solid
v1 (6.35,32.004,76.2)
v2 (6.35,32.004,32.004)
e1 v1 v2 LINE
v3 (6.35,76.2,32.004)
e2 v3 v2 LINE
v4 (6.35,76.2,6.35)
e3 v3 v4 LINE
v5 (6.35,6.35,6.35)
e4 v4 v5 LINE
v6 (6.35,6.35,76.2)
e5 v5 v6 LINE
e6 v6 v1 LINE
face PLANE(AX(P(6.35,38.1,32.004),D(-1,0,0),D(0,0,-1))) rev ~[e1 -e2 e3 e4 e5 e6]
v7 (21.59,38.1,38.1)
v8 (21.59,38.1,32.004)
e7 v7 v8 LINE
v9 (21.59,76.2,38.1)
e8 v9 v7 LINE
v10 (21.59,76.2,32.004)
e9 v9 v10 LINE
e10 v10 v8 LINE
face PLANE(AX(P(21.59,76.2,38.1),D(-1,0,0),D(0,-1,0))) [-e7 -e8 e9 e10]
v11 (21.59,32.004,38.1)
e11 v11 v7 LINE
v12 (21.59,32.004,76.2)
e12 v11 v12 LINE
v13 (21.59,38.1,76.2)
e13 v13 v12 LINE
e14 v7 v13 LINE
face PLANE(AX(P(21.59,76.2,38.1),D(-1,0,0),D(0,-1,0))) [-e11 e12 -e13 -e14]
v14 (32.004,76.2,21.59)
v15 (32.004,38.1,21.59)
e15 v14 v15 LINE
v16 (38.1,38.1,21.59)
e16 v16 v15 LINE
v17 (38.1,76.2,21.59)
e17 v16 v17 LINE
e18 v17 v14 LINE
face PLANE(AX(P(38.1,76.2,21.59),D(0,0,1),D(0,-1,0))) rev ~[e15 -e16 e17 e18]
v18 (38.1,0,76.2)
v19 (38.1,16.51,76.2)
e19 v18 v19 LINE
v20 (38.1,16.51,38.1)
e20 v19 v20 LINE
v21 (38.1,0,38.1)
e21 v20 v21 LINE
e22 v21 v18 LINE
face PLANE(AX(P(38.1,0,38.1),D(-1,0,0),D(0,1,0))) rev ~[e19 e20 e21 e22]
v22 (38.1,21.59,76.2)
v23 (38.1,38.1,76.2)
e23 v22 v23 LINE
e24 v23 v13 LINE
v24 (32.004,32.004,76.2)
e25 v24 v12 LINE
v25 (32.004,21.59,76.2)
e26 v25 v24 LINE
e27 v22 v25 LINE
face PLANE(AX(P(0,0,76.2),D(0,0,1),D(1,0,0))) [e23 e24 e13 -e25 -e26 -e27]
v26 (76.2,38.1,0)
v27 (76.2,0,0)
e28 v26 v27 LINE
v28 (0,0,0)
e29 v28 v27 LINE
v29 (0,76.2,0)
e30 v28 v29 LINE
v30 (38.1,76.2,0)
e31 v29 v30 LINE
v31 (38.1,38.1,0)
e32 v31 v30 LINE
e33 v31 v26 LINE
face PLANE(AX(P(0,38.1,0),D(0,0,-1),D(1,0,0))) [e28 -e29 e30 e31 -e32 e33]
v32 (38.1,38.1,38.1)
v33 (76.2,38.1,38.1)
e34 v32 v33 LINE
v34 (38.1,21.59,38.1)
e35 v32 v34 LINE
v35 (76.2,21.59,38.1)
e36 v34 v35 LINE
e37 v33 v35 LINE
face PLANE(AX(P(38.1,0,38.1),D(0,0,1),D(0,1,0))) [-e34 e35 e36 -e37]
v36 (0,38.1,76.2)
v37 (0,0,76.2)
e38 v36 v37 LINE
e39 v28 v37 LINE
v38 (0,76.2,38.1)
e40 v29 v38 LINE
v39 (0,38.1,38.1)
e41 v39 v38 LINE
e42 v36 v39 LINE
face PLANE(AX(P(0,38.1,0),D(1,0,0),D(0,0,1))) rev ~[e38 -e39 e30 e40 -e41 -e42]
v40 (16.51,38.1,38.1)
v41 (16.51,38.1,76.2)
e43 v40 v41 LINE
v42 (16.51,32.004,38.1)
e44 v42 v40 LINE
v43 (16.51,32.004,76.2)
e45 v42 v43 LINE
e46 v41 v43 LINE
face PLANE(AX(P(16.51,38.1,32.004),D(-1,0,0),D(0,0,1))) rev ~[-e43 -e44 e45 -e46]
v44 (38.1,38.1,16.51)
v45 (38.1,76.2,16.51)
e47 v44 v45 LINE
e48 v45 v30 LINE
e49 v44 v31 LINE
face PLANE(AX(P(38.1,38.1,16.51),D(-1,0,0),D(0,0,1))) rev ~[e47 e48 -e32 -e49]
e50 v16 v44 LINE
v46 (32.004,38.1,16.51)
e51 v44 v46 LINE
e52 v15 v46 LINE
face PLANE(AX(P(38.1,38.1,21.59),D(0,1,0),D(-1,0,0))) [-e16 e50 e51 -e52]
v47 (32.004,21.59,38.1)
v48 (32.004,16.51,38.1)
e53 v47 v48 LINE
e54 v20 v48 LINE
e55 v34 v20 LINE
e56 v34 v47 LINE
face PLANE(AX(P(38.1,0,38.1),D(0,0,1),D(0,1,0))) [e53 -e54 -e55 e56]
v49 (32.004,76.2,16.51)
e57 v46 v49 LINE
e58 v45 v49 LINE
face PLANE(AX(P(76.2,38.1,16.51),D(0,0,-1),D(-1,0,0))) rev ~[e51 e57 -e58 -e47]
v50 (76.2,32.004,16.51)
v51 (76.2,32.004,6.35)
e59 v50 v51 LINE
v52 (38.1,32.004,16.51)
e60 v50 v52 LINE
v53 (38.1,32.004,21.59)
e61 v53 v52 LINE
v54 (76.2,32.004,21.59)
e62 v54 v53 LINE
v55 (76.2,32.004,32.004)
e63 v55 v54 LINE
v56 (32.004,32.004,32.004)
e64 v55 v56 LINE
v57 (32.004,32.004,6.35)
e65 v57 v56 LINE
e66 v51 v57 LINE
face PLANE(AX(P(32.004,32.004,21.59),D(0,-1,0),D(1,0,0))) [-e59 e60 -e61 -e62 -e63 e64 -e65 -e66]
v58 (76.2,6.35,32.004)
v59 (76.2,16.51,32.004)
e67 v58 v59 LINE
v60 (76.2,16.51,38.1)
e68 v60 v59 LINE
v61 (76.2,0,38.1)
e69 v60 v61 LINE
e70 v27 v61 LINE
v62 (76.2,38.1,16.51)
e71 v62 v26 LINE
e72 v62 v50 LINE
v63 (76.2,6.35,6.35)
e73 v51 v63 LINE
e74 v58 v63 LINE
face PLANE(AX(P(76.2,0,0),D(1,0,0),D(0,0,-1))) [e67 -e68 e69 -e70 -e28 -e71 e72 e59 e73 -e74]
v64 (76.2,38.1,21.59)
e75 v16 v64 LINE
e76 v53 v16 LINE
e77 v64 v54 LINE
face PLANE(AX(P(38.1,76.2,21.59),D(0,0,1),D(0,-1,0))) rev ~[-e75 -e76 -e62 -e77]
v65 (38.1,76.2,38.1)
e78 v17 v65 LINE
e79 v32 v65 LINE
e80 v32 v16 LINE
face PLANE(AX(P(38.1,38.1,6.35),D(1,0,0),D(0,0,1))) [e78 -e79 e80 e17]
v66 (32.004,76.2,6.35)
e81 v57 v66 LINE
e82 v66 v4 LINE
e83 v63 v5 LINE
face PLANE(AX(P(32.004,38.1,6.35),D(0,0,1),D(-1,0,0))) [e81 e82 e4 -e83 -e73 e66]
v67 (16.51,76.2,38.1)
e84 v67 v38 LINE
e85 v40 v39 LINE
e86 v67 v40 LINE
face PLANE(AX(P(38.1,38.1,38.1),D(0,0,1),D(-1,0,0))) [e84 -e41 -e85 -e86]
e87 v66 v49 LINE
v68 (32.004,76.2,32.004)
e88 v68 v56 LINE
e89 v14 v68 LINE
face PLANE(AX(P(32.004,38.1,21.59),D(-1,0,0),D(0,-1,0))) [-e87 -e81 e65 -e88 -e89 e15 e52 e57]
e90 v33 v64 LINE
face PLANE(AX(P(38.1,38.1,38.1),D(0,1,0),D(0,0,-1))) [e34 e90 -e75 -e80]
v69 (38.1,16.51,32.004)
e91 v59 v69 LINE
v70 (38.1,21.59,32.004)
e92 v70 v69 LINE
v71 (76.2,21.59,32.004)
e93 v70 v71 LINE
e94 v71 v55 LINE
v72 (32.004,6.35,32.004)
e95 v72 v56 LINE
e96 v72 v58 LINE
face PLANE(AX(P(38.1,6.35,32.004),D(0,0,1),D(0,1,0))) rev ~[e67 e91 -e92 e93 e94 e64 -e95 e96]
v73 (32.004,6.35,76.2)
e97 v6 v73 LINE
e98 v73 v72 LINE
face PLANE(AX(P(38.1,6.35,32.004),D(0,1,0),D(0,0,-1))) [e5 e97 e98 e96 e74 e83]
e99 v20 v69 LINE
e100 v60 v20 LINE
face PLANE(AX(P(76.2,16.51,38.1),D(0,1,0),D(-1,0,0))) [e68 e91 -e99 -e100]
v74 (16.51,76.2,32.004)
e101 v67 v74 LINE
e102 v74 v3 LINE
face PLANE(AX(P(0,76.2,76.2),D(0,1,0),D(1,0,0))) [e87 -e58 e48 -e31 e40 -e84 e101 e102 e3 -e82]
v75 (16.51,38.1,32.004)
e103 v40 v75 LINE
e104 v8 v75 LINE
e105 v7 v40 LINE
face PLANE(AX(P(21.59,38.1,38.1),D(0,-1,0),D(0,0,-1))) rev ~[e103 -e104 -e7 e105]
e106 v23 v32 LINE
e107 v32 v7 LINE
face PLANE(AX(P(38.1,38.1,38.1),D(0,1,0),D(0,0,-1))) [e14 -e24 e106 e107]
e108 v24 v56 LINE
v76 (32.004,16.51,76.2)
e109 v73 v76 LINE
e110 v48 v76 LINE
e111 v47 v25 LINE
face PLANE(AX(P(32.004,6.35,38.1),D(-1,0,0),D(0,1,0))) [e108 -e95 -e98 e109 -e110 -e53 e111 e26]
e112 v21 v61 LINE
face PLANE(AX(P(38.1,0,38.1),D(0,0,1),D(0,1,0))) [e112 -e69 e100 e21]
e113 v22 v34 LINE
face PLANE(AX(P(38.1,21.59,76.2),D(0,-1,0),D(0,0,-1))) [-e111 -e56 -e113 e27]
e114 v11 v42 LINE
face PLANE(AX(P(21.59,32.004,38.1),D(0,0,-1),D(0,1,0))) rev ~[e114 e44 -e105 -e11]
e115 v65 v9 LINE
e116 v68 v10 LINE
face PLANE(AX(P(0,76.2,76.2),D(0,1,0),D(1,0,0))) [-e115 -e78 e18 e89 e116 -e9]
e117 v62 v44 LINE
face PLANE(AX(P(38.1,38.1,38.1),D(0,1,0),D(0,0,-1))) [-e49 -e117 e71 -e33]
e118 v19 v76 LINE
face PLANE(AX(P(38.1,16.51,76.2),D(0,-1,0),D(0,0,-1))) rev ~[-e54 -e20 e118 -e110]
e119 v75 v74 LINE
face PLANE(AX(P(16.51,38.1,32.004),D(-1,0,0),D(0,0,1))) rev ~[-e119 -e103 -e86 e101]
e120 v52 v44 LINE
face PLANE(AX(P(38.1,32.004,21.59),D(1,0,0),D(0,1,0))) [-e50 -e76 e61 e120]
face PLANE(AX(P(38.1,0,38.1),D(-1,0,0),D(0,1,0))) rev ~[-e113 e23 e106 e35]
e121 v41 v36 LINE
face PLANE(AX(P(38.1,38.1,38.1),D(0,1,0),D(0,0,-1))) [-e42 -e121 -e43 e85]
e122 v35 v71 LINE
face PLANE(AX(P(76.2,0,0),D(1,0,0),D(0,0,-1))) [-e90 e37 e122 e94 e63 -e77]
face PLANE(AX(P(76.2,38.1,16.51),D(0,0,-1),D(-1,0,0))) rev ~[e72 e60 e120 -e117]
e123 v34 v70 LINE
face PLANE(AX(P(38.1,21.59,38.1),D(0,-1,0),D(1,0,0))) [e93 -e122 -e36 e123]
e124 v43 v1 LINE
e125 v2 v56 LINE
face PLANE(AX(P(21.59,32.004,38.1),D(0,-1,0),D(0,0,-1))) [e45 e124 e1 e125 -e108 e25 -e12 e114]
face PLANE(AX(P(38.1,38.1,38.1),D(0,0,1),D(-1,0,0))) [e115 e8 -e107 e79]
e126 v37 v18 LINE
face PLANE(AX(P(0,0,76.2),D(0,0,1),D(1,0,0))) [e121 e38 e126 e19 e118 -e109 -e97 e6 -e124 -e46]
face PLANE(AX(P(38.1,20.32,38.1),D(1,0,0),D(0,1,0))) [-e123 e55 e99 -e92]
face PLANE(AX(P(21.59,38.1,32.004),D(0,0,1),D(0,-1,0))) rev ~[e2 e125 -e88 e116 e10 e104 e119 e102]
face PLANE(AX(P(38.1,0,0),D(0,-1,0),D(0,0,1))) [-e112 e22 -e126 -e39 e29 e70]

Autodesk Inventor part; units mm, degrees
ref_plane "YZ Plane" through (0, 0, 0) normal (1, 0, 0) x (0, 1, 0)
ref_plane "XZ Plane" through (0, 0, 0) normal (0, 1, 0) x (-1, 0, 0)
ref_plane "XY Plane" through (0, 0, 0) normal (0, 0, 1) x (1, 0, 0)
sketch "Sketch1" plane through (0, 0, 0) normal (0, 0, 1) x (1, 0, 0)
  line L0 (0, 0) -> (38.1, 0)
  line L1 (38.1, 0) -> (38.1, 38.1)
  line L2 (38.1, 38.1) -> (0, 38.1)
  line L3 (0, 38.1) -> (0, 0)
  dimension "d0" = 38.1
  dimension "d1" = 38.1
extrude "Extrusion1" add sketch "Sketch1" along normal blind 38.1
sketch "Sketch2" plane through (0, 0, 38.1) normal (0, 0, 1) x (1, 0, 0)
  line L0 (6.35, 6.35) -> (32.004, 6.35)
  line L1 (32.004, 6.35) -> (32.004, 32.004)
  line L2 (32.004, 32.004) -> (6.35, 32.004)
  line L3 (6.35, 32.004) -> (6.35, 6.35)
  line L4 (38.1, 0) -> (38.1, 38.1) projected
  line L5 (0, 0) -> (38.1, 0)
  line L6 (38.1, 0) -> (38.1, 38.1)
  line L7 (38.1, 38.1) -> (0, 38.1)
  line L8 (0, 38.1) -> (0, 0)
  dimension "d4" = 25.654
  dimension "d5" = 25.654
extrude "Extrusion2" cut sketch "Sketch2" against normal blind 31.75 contours L3 L2 L1 L0
sketch "Sketch3" plane through (38.1, 0, 0) normal (1, 0, 0) x (0, 0, -1)
  point P0 (0, 0)
sketch "Sketch5" plane through (0, 0, 38.1) normal (0, 0, 1) x (1, 0, 0)
  line L0 (6.35, 6.35) -> (6.35, 32.004) projected
  line L1 (6.35, 6.35) -> (32.004, 6.35)
  line L2 (32.004, 6.35) -> (32.004, 32.004)
  line L3 (32.004, 32.004) -> (6.35, 32.004)
  line L4 (6.35, 32.004) -> (6.35, 6.35)
  line L5 (0, 0) -> (38.1, 0) projected
  line L6 (0, 0) -> (38.1, 0)
  line L7 (38.1, 0) -> (38.1, 38.1)
  line L8 (38.1, 38.1) -> (0, 38.1)
  line L9 (0, 38.1) -> (0, 0)
extrude "Extrusion4" add sketch "Sketch5" along normal blind 38.1
sketch "Sketch7" plane through (38.1, 0, 0) normal (1, 0, 0) x (0, 0, -1)
  line L0 (0, 0) -> (-76.2, 0) projected
  line L1 (0, 0) -> (-38.1, 0)
  line L2 (-38.1, 0) -> (-38.1, 38.1)
  line L3 (-38.1, 38.1) -> (0, 38.1)
  line L4 (0, 38.1) -> (0, 0)
  line L5 (-76.2, 6.35) -> (-6.35, 6.35) projected
  line L6 (-6.35, 6.35) -> (-32.004, 6.35)
  line L7 (-32.004, 6.35) -> (-32.004, 32.004)
  line L8 (-32.004, 32.004) -> (-6.35, 32.004)
  line L9 (-6.35, 32.004) -> (-6.35, 6.35)
  dimension "d16" = 38.1
  dimension "d17" = 38.1
  dimension "d20" = 25.654
  dimension "d21" = 25.654
extrude "Extrusion6" add sketch "Sketch7" along normal blind 38.1
sketch "Sketch9" plane through (38.1, 6.35, 6.35) normal (1, 0, 0) x (0, 0, -1)
  line L0 (-25.654, 0) -> (-25.654, 25.654) projected
  line L1 (0, 0) -> (0, 25.654) projected
  line L2 (-25.654, 0) -> (0, 0)
  line L3 (0, 0) -> (0, 25.654)
  line L4 (0, 25.654) -> (-25.654, 25.654)
  line L5 (-25.654, 25.654) -> (-25.654, 0)
  point P0 (6.35, -6.35)
extrude "Extrusion7" cut sketch "Sketch9" against normal blind 31.75
sketch "Sketch10" plane through (0, 38.1, 76.2) normal (0, 1, 0) x (1, 0, 0)
  line L0 (76.2, 69.85) -> (6.35, 69.85) projected
  line L1 (6.35, 69.85) -> (32.004, 69.85)
  line L2 (32.004, 69.85) -> (32.004, 44.196)
  line L3 (32.004, 44.196) -> (6.35, 44.196)
  line L4 (6.35, 44.196) -> (6.35, 69.85)
  line L5 (38.1, 38.1) -> (38.1, 0) projected
  line L6 (0, 76.2) -> (0, 0) projected
  line L7 (38.1, 38.1) -> (0, 38.1)
  line L8 (0, 38.1) -> (0, 76.2)
  line L9 (0, 76.2) -> (38.1, 76.2)
  line L10 (38.1, 76.2) -> (38.1, 38.1)
  point P0 (0, 38.1)
  dimension "d26" = 25.654
  dimension "d27" = 25.654
extrude "Extrusion8" add sketch "Sketch10" along normal blind 38.1
sketch "Sketch11" plane through (6.35, 38.1, 6.35) normal (0, 1, 0) x (1, 0, 0)
  line L0 (0, -25.654) -> (25.654, -25.654) projected
  line L1 (25.654, -25.654) -> (0, -25.654)
  line L2 (0, -25.654) -> (0, 0)
  line L3 (0, 0) -> (25.654, 0)
  line L4 (25.654, 0) -> (25.654, -25.654)
  point P0 (-6.35, 6.35)
extrude "Extrusion9" cut sketch "Sketch11" against normal blind 6.35
sketch "Sketch12" plane through (0, 76.2, 76.2) normal (0, 1, 0) x (1, 0, 0)
  line L0 (38.1, 55.88) -> (32.004, 55.88)
  line L1 (32.004, 55.88) -> (32.004, 58.42)
  line L2 (32.004, 58.42) -> (38.1, 58.42)
  line L3 (38.1, 58.42) -> (38.1, 55.88)
  point P0 (0, 76.2)
  dimension "d32" = 6.096
  dimension "d33" = 2.54
extrude "Extrusion10" cut sketch "Sketch12" against normal blind 38.1
sketch "Sketch13" plane through (76.2, 38.1, 38.1) normal (0, 1, 0) x (1, 0, 0)
  line L0 (0, 31.75) -> (0, 6.096) projected
  line L1 (-44.196, 17.78) -> (0, 17.78)
  line L2 (0, 17.78) -> (0, 20.32)
  line L3 (0, 20.32) -> (-44.196, 20.32)
  line L4 (-44.196, 20.32) -> (-44.196, 17.78)
  point P0 (-76.2, 38.1)
  dimension "d36" = 2.54
extrude "Extrusion11" cut sketch "Sketch13" against normal blind 6.35
sketch "Sketch15" plane through (0, 76.2, 76.2) normal (0, 1, 0) x (1, 0, 0)
  line L0 (17.78, 38.1) -> (20.32, 38.1)
  line L1 (20.32, 38.1) -> (20.32, 44.196)
  line L2 (20.32, 44.196) -> (17.78, 44.196)
  line L3 (17.78, 44.196) -> (17.78, 38.1)
  point P0 (0, 76.2)
  dimension "d39" = 2.54
  dimension "d40" = 6.096
extrude "Extrusion12" cut sketch "Sketch15" against normal blind 38.1
sketch "Sketch16" plane through (0, 38.1, 76.2) normal (0, 1, 0) x (1, 0, 0)
  line L0 (20.32, 44.196) -> (20.32, 38.1) projected
  line L1 (0, 0) -> (38.1, 0) projected
  line L2 (20.32, 44.196) -> (17.78, 44.196)
  line L3 (17.78, 44.196) -> (17.78, 0)
  line L4 (17.78, 0) -> (20.32, 0)
  line L5 (20.32, 0) -> (20.32, 44.196)
  point P0 (0, 76.2)
  dimension "d43" = 2.54
extrude "Extrusion13" cut sketch "Sketch16" against normal blind 6.35
sketch "Sketch17" plane through (38.1, 0, 76.2) normal (1, 0, 0) x (0, 0, -1)
  line L0 (38.1, 0) -> (38.1, 38.1) projected
  line L1 (0, 17.78) -> (38.1, 17.78)
  line L2 (38.1, 17.78) -> (38.1, 20.32)
  line L3 (38.1, 20.32) -> (0, 20.32)
  line L4 (0, 20.32) -> (0, 17.78)
  point P0 (76.2, 0)
  dimension "d46" = 2.54
extrude "Extrusion14" cut sketch "Sketch17" against normal blind 6.35
sketch "Sketch18" plane through (38.1, 0, 38.1) normal (0, 0, 1) x (1, 0, 0)
  line L0 (0, 17.78) -> (38.1, 17.78)
  line L1 (38.1, 17.78) -> (38.1, 20.32)
  line L2 (38.1, 20.32) -> (0, 20.32)
  line L3 (0, 20.32) -> (0, 17.78)
  point P0 (-38.1, 0)
  dimension "d49" = 38.1
  dimension "d50" = 2.54
extrude "Extrusion15" cut sketch "Sketch18" against normal blind 6.35
sketch "Sketch20" plane through (38.1, 38.1, 38.1) normal (0, 0, 1) x (1, 0, 0)
  line L0 (-17.78, -6.096) -> (-17.78, 38.1) projected
  line L1 (0, 0) -> (-17.78, 0) projected
  line L2 (-17.78, 38.1) -> (-16.51, 38.1)
  line L3 (-16.51, 38.1) -> (-16.51, 0)
  line L4 (-16.51, 0) -> (-17.78, 0)
  line L5 (-17.78, 0) -> (-17.78, 38.1)
  point P0 (-38.1, -38.1)
  dimension "d53" = 1.27
extrude "Extrusion16" cut sketch "Sketch20" against normal blind 6.35
sketch "Sketch21" plane through (38.1, 38.1, 76.2) normal (0, 1, 0) x (1, 0, 0)
  line L0 (-17.78, 0) -> (-17.78, 44.196) projected
  line L1 (0, 0) -> (-17.78, 0) projected
  line L2 (-17.78, 44.196) -> (-16.51, 44.196)
  line L3 (-16.51, 44.196) -> (-16.51, 0)
  line L4 (-16.51, 0) -> (-17.78, 0)
  line L5 (-17.78, 0) -> (-17.78, 44.196)
  point P0 (-38.1, 76.2)
  dimension "d56" = 1.27
extrude "Extrusion17" cut sketch "Sketch21" against normal blind 6.35
sketch "Sketch23" plane through (0, 38.1, 38.1) normal (0, 0, 1) x (1, 0, 0)
  line L0 (17.78, 0) -> (17.78, 38.1) projected
  line L1 (17.78, 0) -> (0, 0) projected
  line L2 (17.78, 38.1) -> (16.51, 38.1)
  line L3 (16.51, 38.1) -> (16.51, 0)
  line L4 (16.51, 0) -> (17.78, 0)
  line L5 (17.78, 0) -> (17.78, 38.1)
  point P0 (0, -38.1)
  dimension "d59" = 1.27
extrude "Extrusion18" cut sketch "Sketch23" against normal blind 6.35
sketch "Sketch24" plane through (0, 38.1, 76.2) normal (0, 1, 0) x (1, 0, 0)
  line L0 (17.78, 44.196) -> (17.78, 0) projected
  line L1 (17.78, 0) -> (0, 0) projected
  line L2 (17.78, 44.196) -> (16.51, 44.196)
  line L3 (16.51, 44.196) -> (16.51, 0)
  line L4 (16.51, 0) -> (17.78, 0)
  line L5 (17.78, 0) -> (17.78, 44.196)
  point P0 (0, 76.2)
  dimension "d62" = 1.27
extrude "Extrusion19" cut sketch "Sketch24" against normal blind 6.35
sketch "Sketch25" plane through (38.1, 0, 76.2) normal (1, 0, 0) x (0, 0, -1)
  line L0 (38.1, 0) -> (38.1, 17.78) projected
  line L1 (38.1, 17.78) -> (0, 17.78)
  line L2 (0, 17.78) -> (0, 16.51)
  line L3 (0, 16.51) -> (38.1, 16.51)
  line L4 (38.1, 16.51) -> (38.1, 17.78)
  point P0 (76.2, 0)
  dimension "d65" = 38.1
  dimension "d66" = 1.27
extrude "Extrusion20" cut sketch "Sketch25" against normal blind 6.35
sketch "Sketch26" plane through (38.1, 38.1, 76.2) normal (1, 0, 0) x (0, 0, -1)
  line L0 (0, -17.78) -> (38.1, -17.78) projected
  line L1 (38.1, -17.78) -> (0, -17.78)
  line L2 (0, -17.78) -> (0, -16.51)
  line L3 (0, -16.51) -> (38.1, -16.51)
  line L4 (38.1, -16.51) -> (38.1, -17.78)
  point P0 (76.2, -38.1)
  dimension "d69" = 38.1
  dimension "d70" = 1.27
extrude "Extrusion21" cut sketch "Sketch26" against normal blind 6.35
sketch "Sketch27" plane through (38.1, 0, 38.1) normal (0, 0, 1) x (1, 0, 0)
  line L0 (0, 21.59) -> (0, 38.1) projected
  line L1 (0, 20.32) -> (38.1, 20.32) projected
  line L2 (0, 21.59) -> (38.1, 21.59)
  line L3 (38.1, 21.59) -> (38.1, 20.32)
  line L4 (38.1, 20.32) -> (0, 20.32)
  line L5 (0, 20.32) -> (0, 21.59)
  line L6 (38.1, 17.78) -> (0, 17.78) projected
  line L7 (0, 17.78) -> (38.1, 17.78)
  line L8 (38.1, 17.78) -> (38.1, 16.51)
  line L9 (38.1, 16.51) -> (0, 16.51)
  line L10 (0, 16.51) -> (0, 17.78)
  point P0 (-38.1, 0)
  dimension "d73" = 38.1
  dimension "d74" = 1.27
extrude "Extrusion22" cut sketch "Sketch27" against normal blind 6.35
sketch "Sketch28" plane through (38.1, 38.1, 38.1) normal (0, 1, 0) x (1, 0, 0)
  line L0 (0, 20.32) -> (38.1, 20.32) projected
  line L1 (0, 20.32) -> (38.1, 20.32)
  line L2 (38.1, 20.32) -> (38.1, 21.59)
  line L3 (38.1, 21.59) -> (0, 21.59)
  line L4 (0, 21.59) -> (0, 20.32)
  line L5 (-6.096, 17.78) -> (38.1, 17.78) projected
  line L6 (38.1, 17.78) -> (0, 17.78)
  line L7 (0, 17.78) -> (0, 16.51)
  line L8 (0, 16.51) -> (38.1, 16.51)
  line L9 (38.1, 16.51) -> (38.1, 17.78)
  point P0 (-38.1, 38.1)
  point P1 (0, 17.78)
  dimension "d77" = 38.1
  dimension "d78" = 1.27
  dimension "d79" = 38.1
  dimension "d80" = 1.27
extrude "Extrusion23" cut sketch "Sketch28" against normal blind 6.35
sketch "Sketch29" plane through (38.1, 38.1, 0) normal (1, 0, 0) x (0, 0, -1)
  line L0 (-17.78, -6.096) -> (-6.35, -6.096) projected
  line L1 (-6.35, 38.1) -> (-17.78, 38.1) projected
  line L2 (-17.78, -6.096) -> (-16.51, -6.096)
  line L3 (-16.51, -6.096) -> (-16.51, 38.1)
  line L4 (-16.51, 38.1) -> (-17.78, 38.1)
  line L5 (-17.78, 38.1) -> (-17.78, -6.096)
  line L6 (-21.59, 0) -> (-21.59, -6.096) projected
  line L7 (-20.32, 38.1) -> (-20.32, -6.096) projected
  line L8 (-21.59, -6.096) -> (-20.32, -6.096)
  line L9 (-20.32, -6.096) -> (-20.32, 38.1)
  line L10 (-20.32, 38.1) -> (-21.59, 38.1)
  line L11 (-21.59, 38.1) -> (-21.59, -6.096)
  point P0 (0, -38.1)
  point P1 (-20.32, -6.096)
  dimension "d83" = 1.27
extrude "Extrusion24" cut sketch "Sketch29" against normal blind 6.35
sketch "Sketch30" plane through (76.2, 38.1, 21.59) normal (0, 0, -1) x (-1, 0, 0)
  line L0 (0, 0) -> (38.1, 0) projected
  line L1 (44.196, 38.1) -> (44.196, -6.096) projected
  line L2 (38.1, 0) -> (44.196, 0)
  line L3 (44.196, 0) -> (44.196, -6.096)
  line L4 (44.196, -6.096) -> (38.1, -6.096)
  line L5 (38.1, -6.096) -> (38.1, 0)
  point P0 (76.2, -38.1)
  point P1 (44.196, 0)
extrude "Extrusion25" add sketch "Sketch30" along normal blind 5.08
sketch "Sketch31" plane through (21.59, 38.1, 38.1) normal (-1, 0, 0) x (0, 0, 1)
  line L0 (38.1, -6.096) -> (-6.096, -6.096) projected
  line L1 (0, 0) -> (-6.096, 0)
  line L2 (-6.096, 0) -> (-6.096, -6.096)
  line L3 (-6.096, -6.096) -> (0, -6.096)
  line L4 (0, -6.096) -> (0, 0)
  point P0 (-38.1, -38.1)
extrude "Extrusion26" add sketch "Sketch31" along normal blind 5.08
properties part number "corner connector"
